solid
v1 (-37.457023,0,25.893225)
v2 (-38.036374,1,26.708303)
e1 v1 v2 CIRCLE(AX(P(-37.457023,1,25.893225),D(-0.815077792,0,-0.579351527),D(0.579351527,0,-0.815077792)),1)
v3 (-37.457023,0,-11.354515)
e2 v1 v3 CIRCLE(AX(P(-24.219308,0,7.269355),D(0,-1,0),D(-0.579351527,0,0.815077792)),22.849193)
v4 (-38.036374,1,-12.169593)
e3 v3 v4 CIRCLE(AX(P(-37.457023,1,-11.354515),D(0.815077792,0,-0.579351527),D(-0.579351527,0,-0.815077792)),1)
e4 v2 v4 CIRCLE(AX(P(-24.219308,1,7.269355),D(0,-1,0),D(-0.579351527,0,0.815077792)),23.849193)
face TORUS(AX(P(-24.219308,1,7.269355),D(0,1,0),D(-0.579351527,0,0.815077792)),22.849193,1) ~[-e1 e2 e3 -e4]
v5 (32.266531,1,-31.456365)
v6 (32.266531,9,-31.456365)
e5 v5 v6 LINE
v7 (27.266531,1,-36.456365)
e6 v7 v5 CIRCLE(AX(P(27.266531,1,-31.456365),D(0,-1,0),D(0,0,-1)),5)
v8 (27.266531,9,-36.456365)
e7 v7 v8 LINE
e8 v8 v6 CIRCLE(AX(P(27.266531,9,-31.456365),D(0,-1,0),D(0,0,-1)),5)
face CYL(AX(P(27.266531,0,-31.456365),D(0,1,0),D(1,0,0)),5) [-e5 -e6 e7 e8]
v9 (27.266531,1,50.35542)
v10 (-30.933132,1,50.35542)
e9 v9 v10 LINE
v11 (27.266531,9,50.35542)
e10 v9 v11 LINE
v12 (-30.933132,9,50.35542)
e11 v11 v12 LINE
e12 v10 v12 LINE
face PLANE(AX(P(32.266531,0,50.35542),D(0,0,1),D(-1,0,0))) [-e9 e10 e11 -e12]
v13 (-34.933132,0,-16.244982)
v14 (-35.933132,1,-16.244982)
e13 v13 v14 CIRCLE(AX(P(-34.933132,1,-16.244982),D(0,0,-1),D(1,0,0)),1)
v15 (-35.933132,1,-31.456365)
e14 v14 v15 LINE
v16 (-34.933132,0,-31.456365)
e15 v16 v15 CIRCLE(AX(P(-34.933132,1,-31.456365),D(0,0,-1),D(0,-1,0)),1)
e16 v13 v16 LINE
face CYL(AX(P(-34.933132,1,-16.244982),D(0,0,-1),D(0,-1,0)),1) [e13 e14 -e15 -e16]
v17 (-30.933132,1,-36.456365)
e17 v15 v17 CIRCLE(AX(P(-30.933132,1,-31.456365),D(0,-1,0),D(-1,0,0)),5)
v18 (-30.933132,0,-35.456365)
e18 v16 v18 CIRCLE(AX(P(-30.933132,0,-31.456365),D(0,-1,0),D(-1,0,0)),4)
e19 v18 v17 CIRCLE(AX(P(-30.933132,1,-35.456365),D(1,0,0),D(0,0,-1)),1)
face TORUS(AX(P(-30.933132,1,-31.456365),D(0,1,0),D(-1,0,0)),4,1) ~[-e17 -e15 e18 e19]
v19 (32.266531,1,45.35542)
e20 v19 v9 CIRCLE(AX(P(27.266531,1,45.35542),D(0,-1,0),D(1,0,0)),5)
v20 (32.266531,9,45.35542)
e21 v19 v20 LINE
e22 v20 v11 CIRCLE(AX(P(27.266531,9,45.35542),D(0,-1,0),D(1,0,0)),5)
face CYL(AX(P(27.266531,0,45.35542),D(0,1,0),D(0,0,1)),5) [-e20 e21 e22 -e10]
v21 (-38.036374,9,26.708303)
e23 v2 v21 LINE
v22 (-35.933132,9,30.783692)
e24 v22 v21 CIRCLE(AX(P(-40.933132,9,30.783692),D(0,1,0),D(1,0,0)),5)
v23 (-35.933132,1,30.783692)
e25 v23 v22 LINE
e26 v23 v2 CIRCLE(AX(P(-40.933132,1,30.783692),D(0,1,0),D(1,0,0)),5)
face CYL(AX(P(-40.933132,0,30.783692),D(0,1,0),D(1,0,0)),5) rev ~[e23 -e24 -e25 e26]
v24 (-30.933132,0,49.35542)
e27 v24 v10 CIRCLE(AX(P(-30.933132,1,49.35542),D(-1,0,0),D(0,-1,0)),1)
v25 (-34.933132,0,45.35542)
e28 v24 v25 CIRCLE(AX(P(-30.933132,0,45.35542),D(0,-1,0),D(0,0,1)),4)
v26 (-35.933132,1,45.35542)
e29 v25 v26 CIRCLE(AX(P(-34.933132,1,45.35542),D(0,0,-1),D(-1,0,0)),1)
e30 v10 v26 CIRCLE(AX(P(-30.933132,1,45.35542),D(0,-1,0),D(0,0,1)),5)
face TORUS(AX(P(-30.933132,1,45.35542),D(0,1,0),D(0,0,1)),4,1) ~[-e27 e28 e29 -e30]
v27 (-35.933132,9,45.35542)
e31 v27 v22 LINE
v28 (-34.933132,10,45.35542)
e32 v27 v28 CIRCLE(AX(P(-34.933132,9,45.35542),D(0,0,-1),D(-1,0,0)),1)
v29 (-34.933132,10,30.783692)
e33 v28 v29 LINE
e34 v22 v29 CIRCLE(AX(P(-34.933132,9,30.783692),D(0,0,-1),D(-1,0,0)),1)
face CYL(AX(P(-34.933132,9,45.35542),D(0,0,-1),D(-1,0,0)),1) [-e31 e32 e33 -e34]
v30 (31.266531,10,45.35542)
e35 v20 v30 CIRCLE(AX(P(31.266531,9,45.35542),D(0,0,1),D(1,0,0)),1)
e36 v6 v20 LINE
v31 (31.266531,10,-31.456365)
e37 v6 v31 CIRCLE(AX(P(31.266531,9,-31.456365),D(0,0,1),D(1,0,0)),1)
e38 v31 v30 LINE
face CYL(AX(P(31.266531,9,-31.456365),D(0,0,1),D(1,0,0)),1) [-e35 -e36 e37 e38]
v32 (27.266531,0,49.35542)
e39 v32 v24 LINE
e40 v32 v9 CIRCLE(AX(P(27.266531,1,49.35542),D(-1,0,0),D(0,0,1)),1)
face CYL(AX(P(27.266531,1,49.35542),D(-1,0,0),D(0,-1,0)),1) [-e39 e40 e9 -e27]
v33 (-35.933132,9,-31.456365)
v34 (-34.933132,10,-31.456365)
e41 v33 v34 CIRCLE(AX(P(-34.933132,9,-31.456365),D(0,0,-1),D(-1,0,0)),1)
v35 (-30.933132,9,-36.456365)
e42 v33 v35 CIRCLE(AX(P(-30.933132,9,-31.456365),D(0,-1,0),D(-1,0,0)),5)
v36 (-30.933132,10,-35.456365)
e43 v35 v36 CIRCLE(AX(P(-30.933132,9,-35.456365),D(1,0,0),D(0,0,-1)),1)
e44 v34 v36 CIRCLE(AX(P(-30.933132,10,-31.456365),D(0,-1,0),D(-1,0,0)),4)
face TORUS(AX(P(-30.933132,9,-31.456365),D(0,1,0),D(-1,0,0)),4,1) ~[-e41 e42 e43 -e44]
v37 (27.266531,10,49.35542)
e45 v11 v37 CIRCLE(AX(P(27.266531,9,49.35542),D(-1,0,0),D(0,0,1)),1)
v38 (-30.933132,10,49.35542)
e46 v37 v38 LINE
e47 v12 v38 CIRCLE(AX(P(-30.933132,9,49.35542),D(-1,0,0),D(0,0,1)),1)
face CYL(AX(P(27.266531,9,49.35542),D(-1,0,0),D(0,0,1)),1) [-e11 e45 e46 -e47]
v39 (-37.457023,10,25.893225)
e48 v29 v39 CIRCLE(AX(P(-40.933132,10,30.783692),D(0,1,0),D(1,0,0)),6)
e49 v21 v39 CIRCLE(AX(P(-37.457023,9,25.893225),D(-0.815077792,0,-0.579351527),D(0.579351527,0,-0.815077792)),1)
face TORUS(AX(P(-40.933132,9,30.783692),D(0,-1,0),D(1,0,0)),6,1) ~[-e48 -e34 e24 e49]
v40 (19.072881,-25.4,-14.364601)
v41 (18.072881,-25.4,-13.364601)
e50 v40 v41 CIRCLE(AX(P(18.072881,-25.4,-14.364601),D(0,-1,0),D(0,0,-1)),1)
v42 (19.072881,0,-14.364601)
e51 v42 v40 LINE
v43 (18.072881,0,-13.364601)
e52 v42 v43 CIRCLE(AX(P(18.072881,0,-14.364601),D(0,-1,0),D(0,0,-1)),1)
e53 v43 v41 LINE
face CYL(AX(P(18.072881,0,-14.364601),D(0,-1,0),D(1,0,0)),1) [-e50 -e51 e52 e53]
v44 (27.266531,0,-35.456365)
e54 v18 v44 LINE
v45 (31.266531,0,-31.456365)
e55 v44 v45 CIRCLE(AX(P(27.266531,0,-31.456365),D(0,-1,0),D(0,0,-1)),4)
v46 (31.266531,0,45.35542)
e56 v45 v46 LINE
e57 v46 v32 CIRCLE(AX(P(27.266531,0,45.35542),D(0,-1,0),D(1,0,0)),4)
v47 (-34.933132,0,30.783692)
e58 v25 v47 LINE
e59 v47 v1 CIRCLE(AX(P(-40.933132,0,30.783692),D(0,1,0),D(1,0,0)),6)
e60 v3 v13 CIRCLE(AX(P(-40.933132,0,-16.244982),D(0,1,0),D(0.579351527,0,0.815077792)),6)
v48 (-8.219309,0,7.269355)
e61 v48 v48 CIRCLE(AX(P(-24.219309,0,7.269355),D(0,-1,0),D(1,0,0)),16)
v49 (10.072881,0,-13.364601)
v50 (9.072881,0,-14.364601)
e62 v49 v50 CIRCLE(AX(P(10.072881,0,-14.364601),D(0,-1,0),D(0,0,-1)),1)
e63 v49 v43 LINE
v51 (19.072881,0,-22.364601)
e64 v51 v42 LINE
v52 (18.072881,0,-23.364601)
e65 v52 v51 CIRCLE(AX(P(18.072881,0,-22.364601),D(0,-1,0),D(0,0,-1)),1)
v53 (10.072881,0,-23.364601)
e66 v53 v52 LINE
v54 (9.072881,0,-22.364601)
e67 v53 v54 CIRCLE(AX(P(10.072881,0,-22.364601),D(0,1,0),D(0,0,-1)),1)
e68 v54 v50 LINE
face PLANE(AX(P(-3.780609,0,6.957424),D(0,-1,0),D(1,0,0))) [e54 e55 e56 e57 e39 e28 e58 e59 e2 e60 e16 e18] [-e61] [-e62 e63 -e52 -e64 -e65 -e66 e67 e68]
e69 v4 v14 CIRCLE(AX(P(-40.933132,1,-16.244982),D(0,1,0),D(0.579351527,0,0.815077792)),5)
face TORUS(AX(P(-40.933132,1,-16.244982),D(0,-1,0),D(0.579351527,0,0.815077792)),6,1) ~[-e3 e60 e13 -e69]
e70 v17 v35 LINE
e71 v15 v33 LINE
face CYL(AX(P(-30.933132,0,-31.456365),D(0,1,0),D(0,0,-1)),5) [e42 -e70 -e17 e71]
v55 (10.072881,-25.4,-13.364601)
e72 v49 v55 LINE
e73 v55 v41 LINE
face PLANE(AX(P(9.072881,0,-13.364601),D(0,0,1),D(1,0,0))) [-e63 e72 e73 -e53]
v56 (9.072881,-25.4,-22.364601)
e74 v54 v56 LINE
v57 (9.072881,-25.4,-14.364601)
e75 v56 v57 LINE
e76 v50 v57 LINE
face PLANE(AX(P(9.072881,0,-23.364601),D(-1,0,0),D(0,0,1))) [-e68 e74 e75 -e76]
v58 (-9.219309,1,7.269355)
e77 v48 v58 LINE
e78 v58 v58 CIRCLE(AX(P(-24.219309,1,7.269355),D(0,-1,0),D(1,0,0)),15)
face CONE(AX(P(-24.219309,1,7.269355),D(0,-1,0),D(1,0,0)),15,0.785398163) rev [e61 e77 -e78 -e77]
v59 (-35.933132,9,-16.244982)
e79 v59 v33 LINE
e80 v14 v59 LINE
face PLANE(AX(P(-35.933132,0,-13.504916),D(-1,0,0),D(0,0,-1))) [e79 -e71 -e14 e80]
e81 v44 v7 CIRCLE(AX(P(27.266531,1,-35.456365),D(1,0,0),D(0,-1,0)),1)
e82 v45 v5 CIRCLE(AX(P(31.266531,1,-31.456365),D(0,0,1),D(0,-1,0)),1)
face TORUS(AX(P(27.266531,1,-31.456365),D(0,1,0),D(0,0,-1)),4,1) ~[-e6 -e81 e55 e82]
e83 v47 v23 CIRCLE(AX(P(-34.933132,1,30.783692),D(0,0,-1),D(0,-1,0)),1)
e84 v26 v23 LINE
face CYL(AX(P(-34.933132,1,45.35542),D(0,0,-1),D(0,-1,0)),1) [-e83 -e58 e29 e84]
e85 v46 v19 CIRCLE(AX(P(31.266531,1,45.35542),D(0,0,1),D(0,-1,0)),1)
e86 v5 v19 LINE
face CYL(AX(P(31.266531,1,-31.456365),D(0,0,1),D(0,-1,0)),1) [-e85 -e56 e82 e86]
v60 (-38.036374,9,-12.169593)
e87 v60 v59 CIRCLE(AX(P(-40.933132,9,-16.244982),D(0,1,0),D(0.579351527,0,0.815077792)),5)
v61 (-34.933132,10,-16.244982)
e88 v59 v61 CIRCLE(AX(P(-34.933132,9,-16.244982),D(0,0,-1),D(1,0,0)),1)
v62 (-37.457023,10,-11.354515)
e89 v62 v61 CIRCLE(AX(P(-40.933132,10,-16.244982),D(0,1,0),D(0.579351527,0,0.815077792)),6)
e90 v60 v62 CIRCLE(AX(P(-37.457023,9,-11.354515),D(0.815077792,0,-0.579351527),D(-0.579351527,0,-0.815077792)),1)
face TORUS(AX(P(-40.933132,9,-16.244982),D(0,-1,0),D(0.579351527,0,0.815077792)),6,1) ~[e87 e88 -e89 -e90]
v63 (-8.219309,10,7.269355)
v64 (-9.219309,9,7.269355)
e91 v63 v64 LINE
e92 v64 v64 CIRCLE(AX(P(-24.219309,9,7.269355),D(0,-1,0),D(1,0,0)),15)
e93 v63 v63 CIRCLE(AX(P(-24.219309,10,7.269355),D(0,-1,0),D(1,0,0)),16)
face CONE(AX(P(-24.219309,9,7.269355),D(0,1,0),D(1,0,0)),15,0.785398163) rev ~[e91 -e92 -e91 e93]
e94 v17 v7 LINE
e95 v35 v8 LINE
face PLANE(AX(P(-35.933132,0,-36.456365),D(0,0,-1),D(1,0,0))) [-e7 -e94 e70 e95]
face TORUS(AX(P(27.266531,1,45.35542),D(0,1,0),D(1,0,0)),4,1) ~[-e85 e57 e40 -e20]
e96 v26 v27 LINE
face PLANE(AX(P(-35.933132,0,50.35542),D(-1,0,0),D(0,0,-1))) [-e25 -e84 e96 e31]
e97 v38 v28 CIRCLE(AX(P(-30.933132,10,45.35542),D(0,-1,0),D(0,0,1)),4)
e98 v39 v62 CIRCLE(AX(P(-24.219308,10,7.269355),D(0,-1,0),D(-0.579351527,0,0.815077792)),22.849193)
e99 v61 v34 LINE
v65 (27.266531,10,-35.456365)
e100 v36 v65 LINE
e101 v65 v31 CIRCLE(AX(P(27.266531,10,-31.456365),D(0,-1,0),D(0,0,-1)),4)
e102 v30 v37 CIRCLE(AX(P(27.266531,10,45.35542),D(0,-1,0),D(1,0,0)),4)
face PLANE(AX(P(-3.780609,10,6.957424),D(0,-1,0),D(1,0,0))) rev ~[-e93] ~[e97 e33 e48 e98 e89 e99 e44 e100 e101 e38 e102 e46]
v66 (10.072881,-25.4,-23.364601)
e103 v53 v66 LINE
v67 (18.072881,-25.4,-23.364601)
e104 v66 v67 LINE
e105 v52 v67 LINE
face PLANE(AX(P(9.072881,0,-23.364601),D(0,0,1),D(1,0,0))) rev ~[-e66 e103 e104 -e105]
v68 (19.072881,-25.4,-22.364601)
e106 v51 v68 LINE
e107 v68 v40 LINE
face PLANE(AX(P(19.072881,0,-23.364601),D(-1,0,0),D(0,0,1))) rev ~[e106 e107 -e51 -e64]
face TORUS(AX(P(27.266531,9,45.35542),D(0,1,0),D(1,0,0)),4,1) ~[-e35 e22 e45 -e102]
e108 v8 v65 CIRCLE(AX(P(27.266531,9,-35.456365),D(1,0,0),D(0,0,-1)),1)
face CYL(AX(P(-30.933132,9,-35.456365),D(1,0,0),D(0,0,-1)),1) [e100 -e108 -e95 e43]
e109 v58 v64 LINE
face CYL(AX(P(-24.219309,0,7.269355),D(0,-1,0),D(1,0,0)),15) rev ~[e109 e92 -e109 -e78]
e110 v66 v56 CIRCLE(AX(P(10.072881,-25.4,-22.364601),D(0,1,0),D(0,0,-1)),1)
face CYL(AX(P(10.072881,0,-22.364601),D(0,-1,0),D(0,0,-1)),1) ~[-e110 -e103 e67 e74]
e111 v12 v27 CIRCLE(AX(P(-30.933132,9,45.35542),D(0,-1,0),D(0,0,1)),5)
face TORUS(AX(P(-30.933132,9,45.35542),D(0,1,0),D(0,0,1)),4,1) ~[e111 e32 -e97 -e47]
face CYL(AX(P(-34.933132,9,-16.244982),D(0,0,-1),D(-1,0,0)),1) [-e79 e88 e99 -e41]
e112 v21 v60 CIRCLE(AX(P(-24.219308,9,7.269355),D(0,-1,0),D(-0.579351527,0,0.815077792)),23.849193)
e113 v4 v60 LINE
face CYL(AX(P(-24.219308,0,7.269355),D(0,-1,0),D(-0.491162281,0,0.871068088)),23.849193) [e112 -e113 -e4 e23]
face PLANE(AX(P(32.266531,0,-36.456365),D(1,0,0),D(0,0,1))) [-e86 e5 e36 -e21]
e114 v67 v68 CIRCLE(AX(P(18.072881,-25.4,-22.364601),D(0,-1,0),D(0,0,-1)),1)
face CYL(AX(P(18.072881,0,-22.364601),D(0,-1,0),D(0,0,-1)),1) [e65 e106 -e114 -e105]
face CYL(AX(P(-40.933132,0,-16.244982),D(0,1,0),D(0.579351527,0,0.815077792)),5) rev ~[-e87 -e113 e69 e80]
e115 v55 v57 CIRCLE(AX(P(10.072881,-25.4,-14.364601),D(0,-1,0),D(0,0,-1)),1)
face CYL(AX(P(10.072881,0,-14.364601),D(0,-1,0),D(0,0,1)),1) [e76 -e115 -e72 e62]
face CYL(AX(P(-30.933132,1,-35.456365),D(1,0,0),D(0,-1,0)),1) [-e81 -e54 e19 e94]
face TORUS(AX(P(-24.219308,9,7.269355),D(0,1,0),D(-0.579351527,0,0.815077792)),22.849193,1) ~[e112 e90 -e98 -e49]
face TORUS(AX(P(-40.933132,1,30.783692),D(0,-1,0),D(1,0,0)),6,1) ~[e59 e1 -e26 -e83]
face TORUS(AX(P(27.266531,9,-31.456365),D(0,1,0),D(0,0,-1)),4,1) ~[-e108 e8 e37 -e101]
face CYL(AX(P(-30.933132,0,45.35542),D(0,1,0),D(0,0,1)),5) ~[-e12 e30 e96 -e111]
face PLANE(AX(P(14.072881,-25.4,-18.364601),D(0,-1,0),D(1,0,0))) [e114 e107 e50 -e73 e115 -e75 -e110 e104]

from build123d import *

# Parameters (mm, degrees)
F0_R     = 15
F1_DEPTH = 10
F2_R     = 5
F3_SIZE  = 1
F4_R     = 1
F5_W     = 10
F5_H     = 10
F6_DEPTH = 25.4
F7_R     = 1


with BuildPart() as f1:
    # F0 (on Front) → F1 (new body)
    with BuildSketch(Plane.XZ):
        with BuildLine():
            Line((32.266531, 50.35542), (-35.933132, 50.35542))
            Line((-35.933132, 50.35542), (-35.933132, 28.043626))
            ThreePointArc((-35.933132, 28.043626), (-48.068501, 7.269355), (-35.933132, -13.504916))
            Line((-35.933132, -13.504916), (-35.933132, -36.456365))
            Line((-35.933132, -36.456365), (32.266531, -36.456365))
            Line((32.266531, -36.456365), (32.266531, 50.35542))
        make_face()
        with Locations((-24.219309, 7.269355)):
            Circle(F0_R, mode=Mode.SUBTRACT)
    extrude(amount=-F1_DEPTH)

    # F2
    f2_edges = [f1.edges().sort_by_distance(p)[0] for p in [
        (-35.933132, 5, 28.043626),
        (-35.933132, 5, -13.504916),
        (-35.933132, 5, 50.35542),
        (-35.933132, 5, -36.456365),
        (32.266531, 5, 50.35542),
        (32.266531, 5, -36.456365),
    ]]
    fillet(f2_edges, radius=F2_R)

    # F3
    f3_edges = [f1.edges().sort_by_distance(p)[0] for p in [
        (-39.219309, 10, 7.269355),
        (-39.219309, 0, 7.269355),
    ]]
    chamfer(f3_edges, length=F3_SIZE)

    # F4
    f4_edges = [f1.edges().sort_by_distance(p)[0] for p in [
        (-1.8333, 10, 50.35542),
        (32.266531, 0, 6.949527),
    ]]
    fillet(f4_edges, radius=F4_R)

    # F5 (on Front) → F6 (join)
    with BuildSketch(Plane.XZ):
        with Locations((14.072881, -18.364601)):
            Rectangle(F5_W, F5_H)
    extrude(amount=F6_DEPTH)

    # F7
    f7_edges = [f1.edges().sort_by_distance(p)[0] for p in [
        (19.072881, -12.7, -23.364601),
        (9.072881, -12.7, -23.364601),
        (9.072881, -12.7, -13.364601),
        (19.072881, -12.7, -13.364601),
    ]]
    fillet(f7_edges, radius=F7_R)


solid = f1.part
